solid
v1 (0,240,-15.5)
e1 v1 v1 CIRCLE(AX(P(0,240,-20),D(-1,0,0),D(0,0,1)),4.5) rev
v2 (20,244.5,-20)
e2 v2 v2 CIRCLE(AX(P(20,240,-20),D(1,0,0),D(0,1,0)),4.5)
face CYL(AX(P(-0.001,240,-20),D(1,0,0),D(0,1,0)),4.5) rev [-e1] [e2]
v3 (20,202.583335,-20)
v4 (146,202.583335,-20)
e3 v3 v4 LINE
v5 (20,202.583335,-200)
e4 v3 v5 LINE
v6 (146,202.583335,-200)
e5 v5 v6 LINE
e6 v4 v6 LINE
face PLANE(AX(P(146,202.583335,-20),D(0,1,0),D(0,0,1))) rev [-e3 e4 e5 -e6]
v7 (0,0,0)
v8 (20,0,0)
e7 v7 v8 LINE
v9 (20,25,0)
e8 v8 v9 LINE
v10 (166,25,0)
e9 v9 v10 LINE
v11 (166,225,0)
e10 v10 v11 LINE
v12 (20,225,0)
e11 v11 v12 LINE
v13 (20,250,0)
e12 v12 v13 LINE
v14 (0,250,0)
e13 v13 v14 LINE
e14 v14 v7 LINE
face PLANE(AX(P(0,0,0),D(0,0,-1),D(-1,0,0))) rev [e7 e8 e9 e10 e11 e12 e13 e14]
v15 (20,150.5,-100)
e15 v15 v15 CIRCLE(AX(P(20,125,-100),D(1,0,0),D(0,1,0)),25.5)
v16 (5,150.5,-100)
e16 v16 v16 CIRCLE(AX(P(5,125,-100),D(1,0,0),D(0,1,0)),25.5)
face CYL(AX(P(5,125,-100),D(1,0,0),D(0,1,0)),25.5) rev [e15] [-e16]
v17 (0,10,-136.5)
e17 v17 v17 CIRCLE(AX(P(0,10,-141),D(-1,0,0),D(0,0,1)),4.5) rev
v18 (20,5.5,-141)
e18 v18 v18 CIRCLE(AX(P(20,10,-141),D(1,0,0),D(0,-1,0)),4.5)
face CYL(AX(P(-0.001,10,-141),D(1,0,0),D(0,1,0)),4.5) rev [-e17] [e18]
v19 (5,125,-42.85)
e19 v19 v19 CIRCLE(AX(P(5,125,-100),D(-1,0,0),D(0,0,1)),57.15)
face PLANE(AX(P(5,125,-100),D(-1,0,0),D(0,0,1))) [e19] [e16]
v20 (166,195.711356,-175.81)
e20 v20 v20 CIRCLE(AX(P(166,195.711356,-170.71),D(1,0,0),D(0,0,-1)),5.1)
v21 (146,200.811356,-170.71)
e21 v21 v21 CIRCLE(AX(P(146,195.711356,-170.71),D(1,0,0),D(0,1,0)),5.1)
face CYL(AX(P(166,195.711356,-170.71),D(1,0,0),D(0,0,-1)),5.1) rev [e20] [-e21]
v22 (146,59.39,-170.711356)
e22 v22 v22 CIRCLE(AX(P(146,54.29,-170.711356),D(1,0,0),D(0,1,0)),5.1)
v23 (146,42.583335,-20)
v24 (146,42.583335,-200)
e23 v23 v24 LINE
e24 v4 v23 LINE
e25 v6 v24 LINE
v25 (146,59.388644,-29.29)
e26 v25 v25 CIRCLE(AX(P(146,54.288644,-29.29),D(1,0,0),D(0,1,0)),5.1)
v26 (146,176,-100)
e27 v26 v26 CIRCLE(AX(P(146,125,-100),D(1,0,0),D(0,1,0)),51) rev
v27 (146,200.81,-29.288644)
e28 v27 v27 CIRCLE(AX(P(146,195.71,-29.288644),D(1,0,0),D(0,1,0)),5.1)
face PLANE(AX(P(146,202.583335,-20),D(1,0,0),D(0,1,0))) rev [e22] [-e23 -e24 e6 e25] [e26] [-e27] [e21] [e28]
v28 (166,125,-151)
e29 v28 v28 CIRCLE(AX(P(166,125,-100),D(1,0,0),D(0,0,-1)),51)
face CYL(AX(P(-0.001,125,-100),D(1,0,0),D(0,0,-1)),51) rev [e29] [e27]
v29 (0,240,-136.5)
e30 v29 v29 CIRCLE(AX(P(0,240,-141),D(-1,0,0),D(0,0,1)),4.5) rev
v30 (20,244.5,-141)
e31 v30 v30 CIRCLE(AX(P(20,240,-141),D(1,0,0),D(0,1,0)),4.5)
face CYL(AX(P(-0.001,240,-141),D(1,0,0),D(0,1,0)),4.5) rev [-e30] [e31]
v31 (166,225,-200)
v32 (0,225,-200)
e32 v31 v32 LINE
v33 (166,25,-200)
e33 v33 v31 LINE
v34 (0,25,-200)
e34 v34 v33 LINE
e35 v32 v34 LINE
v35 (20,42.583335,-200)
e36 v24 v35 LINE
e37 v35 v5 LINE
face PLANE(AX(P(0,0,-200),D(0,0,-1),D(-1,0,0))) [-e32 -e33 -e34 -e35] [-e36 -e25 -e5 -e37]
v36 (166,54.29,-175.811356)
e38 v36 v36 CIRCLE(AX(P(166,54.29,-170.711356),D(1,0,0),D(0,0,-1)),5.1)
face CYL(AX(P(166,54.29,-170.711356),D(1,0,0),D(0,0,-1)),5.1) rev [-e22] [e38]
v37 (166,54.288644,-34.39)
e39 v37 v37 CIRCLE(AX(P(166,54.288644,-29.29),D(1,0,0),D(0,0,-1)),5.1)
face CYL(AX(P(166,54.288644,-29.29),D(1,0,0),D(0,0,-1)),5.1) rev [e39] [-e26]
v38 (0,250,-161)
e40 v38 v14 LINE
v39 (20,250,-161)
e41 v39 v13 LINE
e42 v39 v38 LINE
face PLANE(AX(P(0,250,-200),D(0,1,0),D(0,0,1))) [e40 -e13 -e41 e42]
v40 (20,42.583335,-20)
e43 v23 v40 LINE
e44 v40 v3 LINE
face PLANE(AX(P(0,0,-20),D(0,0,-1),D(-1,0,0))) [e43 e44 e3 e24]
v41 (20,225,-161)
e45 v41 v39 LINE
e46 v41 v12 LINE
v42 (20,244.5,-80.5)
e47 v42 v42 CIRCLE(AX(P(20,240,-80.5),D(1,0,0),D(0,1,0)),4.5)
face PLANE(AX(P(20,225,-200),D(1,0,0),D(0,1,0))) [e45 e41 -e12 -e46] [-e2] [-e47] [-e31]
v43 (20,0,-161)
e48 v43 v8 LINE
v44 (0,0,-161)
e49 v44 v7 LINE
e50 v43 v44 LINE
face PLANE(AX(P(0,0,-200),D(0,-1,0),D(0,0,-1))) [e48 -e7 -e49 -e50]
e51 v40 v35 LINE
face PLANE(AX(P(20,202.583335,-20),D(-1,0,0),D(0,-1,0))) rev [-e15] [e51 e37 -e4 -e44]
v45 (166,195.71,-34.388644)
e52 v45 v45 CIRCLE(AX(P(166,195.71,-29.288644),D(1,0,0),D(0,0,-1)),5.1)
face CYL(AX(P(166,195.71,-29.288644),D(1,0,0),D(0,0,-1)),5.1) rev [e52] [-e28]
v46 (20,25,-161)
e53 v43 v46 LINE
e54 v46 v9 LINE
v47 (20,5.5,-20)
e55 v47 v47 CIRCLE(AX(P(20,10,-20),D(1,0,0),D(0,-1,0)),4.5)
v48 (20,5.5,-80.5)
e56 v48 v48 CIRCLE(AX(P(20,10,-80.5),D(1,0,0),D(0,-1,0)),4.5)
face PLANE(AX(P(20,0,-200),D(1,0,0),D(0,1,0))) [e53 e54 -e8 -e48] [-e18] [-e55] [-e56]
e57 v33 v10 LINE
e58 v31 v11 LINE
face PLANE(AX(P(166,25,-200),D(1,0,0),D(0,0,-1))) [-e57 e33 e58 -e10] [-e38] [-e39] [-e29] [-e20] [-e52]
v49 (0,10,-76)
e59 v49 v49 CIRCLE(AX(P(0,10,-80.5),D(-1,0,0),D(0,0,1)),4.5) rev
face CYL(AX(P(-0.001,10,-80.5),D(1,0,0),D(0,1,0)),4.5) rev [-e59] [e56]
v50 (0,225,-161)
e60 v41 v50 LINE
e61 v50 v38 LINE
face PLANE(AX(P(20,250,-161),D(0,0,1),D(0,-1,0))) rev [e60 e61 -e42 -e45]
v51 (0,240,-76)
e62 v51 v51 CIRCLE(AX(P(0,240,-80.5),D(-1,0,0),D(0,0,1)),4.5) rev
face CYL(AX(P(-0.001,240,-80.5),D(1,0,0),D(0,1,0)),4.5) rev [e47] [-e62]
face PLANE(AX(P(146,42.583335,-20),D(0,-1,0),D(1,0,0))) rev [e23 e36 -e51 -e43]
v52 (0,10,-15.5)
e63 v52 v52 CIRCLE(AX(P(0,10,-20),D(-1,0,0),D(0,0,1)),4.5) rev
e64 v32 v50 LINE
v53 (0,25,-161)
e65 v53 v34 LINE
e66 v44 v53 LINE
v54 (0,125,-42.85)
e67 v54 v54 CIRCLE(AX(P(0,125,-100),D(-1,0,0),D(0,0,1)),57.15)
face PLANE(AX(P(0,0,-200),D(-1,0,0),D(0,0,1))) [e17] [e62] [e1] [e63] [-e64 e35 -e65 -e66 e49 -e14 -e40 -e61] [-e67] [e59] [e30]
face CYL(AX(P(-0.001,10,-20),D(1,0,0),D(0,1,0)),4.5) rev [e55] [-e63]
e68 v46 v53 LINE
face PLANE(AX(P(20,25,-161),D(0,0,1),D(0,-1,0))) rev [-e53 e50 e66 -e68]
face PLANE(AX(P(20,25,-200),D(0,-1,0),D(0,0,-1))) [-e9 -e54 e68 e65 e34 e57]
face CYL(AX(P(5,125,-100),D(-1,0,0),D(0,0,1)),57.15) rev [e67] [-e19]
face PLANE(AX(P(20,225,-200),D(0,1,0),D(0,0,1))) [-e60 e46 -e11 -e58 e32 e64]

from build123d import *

# Parameters (mm, degrees)
EXTRUDE_1_DEPTH          = 200
SKETCH_2_W               = 39
SKETCH_2_H               = 25
CUT_EXTRUDE_1_DEPTH      = 20
SKETCH_3_W               = 126
SKETCH_3_H               = 160
CUT_EXTRUDE_2_DEPTH      = 180
CUT_EXTRUDE_3_REACH      = 362.633
SKETCH_4_R               = 51
SKETCH_5_R               = 25.5
CUT_EXTRUDE_4_DEPTH      = 15
SKETCH_6_R               = 57.15
CUT_EXTRUDE_5_DEPTH      = 5
CUT_EXTRUDE_6_REACH      = 353.875
SKETCH_7_R               = 4.5
PATTERN_CIRCULAR_1_COUNT = 4


with BuildPart() as part:
    # 草图1 → 凸台-拉伸1 (new body)
    with BuildSketch(Plane.XY):
        Polygon((20, 225), (20, 250), (0, 250), (0, 0), (20, 0), (20, 25), (166, 25), (166, 225), align=None)
    extrude(amount=-EXTRUDE_1_DEPTH)

    # 草图2 → 切除-拉伸1 (cut)
    with BuildSketch(Plane.ZY):
        with Locations((-180.5, 237.5)):
            Rectangle(SKETCH_2_W, SKETCH_2_H)
        with Locations((-180.5, 12.5)):
            Rectangle(SKETCH_2_W, SKETCH_2_H)
    extrude(amount=-CUT_EXTRUDE_1_DEPTH, mode=Mode.SUBTRACT)

    # 草图3 → 切除-拉伸2 (cut)
    with BuildSketch(Plane(origin=(0, 0, -200), x_dir=(-1, 0, 0), z_dir=(0, 0, -1))):
        with Locations((-83, 122.583335177)):
            Rectangle(SKETCH_3_W, SKETCH_3_H)
    extrude(amount=-CUT_EXTRUDE_2_DEPTH, mode=Mode.SUBTRACT)

    # 草图4 → 切除-拉伸3 (cut, up to next)
    with BuildSketch(Plane(origin=(166, 0, 0), x_dir=(0, 0, -1), z_dir=(1, 0, 0)), mode=Mode.PRIVATE) as cut_extrude_3_sk1:
        with Locations((100, 125)):
            Circle(SKETCH_4_R)
    cut_extrude_3_tool1 = extrude(cut_extrude_3_sk1.sketch, amount=-CUT_EXTRUDE_3_REACH, mode=Mode.PRIVATE) & part.part
    add(cut_extrude_3_tool1.solids().sort_by_distance((166, 125, -100))[0], mode=Mode.SUBTRACT)

    # 草图5 → 切除-拉伸4 (cut)
    with BuildSketch(Plane(origin=(20, 0, 0), x_dir=(0, 0, -1), z_dir=(1, 0, 0))):
        with Locations(Location((100, 125, 0), (0, 0, 90))):
            Circle(SKETCH_5_R)
    extrude(amount=-CUT_EXTRUDE_4_DEPTH, mode=Mode.SUBTRACT)

    # 草图6 → 切除-拉伸5 (cut)
    with BuildSketch(Plane.ZY):
        with Locations((-100, 125)):
            Circle(SKETCH_6_R)
    extrude(amount=-CUT_EXTRUDE_5_DEPTH, mode=Mode.SUBTRACT)

    # 草图7 → 切除-拉伸6 (cut, up to next)
    with BuildSketch(Plane(origin=(20, 0, 0), x_dir=(0, 0, -1), z_dir=(1, 0, 0)), mode=Mode.PRIVATE) as cut_extrude_6_sk1:
        with Locations(Location((20, 240, 0), (0, 0, 90))):
            Circle(SKETCH_7_R)
    cut_extrude_6_tool1 = extrude(cut_extrude_6_sk1.sketch, amount=-CUT_EXTRUDE_6_REACH, mode=Mode.PRIVATE) & part.part
    # 草图7 → 切除-拉伸6 (cut, up to next)
    with BuildSketch(Plane(origin=(20, 0, 0), x_dir=(0, 0, -1), z_dir=(1, 0, 0)), mode=Mode.PRIVATE) as cut_extrude_6_sk2:
        with Locations(Location((80.5, 240, 0), (0, 0, 90))):
            Circle(SKETCH_7_R)
    cut_extrude_6_tool2 = extrude(cut_extrude_6_sk2.sketch, amount=-CUT_EXTRUDE_6_REACH, mode=Mode.PRIVATE) & part.part
    # 草图7 → 切除-拉伸6 (cut, up to next)
    with BuildSketch(Plane(origin=(20, 0, 0), x_dir=(0, 0, -1), z_dir=(1, 0, 0)), mode=Mode.PRIVATE) as cut_extrude_6_sk3:
        with Locations(Location((141, 240, 0), (0, 0, 90))):
            Circle(SKETCH_7_R)
    cut_extrude_6_tool3 = extrude(cut_extrude_6_sk3.sketch, amount=-CUT_EXTRUDE_6_REACH, mode=Mode.PRIVATE) & part.part
    # 草图7 → 切除-拉伸6 (cut, up to next)
    with BuildSketch(Plane(origin=(20, 0, 0), x_dir=(0, 0, -1), z_dir=(1, 0, 0)), mode=Mode.PRIVATE) as cut_extrude_6_sk4:
        with Locations(Location((141, 10, 0), (0, 0, 180))):
            Circle(SKETCH_7_R)
    cut_extrude_6_tool4 = extrude(cut_extrude_6_sk4.sketch, amount=-CUT_EXTRUDE_6_REACH, mode=Mode.PRIVATE) & part.part
    # 草图7 → 切除-拉伸6 (cut, up to next)
    with BuildSketch(Plane(origin=(20, 0, 0), x_dir=(0, 0, -1), z_dir=(1, 0, 0)), mode=Mode.PRIVATE) as cut_extrude_6_sk5:
        with Locations(Location((80.5, 10, 0), (0, 0, 180))):
            Circle(SKETCH_7_R)
    cut_extrude_6_tool5 = extrude(cut_extrude_6_sk5.sketch, amount=-CUT_EXTRUDE_6_REACH, mode=Mode.PRIVATE) & part.part
    # 草图7 → 切除-拉伸6 (cut, up to next)
    with BuildSketch(Plane(origin=(20, 0, 0), x_dir=(0, 0, -1), z_dir=(1, 0, 0)), mode=Mode.PRIVATE) as cut_extrude_6_sk6:
        with Locations(Location((20, 10, 0), (0, 0, 180))):
            Circle(SKETCH_7_R)
    cut_extrude_6_tool6 = extrude(cut_extrude_6_sk6.sketch, amount=-CUT_EXTRUDE_6_REACH, mode=Mode.PRIVATE) & part.part
    add(cut_extrude_6_tool1.solids().sort_by_distance((20, 240, -20))[0], mode=Mode.SUBTRACT)
    add(cut_extrude_6_tool2.solids().sort_by_distance((20, 240, -80.5))[0], mode=Mode.SUBTRACT)
    add(cut_extrude_6_tool3.solids().sort_by_distance((20, 240, -141))[0], mode=Mode.SUBTRACT)
    add(cut_extrude_6_tool4.solids().sort_by_distance((20, 10, -141))[0], mode=Mode.SUBTRACT)
    add(cut_extrude_6_tool5.solids().sort_by_distance((20, 10, -80.5))[0], mode=Mode.SUBTRACT)
    add(cut_extrude_6_tool6.solids().sort_by_distance((20, 10, -20))[0], mode=Mode.SUBTRACT)

    # 草图9 → M12 螺纹孔1 (revolve, cut)
    with BuildSketch(Plane(origin=(166, 195.711356231, -170.71), x_dir=(0, 0, -1), z_dir=(0, 1, 0))):
        Polygon((0, 0), (0, 29.25), (5.1, 26.185610843), (5.1, 0), align=None)
    hole_wizard_m12_1 = revolve(axis=Axis((172.35, 195.711356231, -170.71), (-1, 0, 0)), mode=Mode.SUBTRACT)

    # 阵列(圆周)1: M12 螺纹孔1 ×4 about axis
    pattern_circular_1_axis = Axis((0, 125, -100), (1, 0, 0))
    for i in range(1, PATTERN_CIRCULAR_1_COUNT):
        add(hole_wizard_m12_1.rotate(pattern_circular_1_axis, i * 360 / PATTERN_CIRCULAR_1_COUNT), mode=Mode.SUBTRACT)


solid = part.part
